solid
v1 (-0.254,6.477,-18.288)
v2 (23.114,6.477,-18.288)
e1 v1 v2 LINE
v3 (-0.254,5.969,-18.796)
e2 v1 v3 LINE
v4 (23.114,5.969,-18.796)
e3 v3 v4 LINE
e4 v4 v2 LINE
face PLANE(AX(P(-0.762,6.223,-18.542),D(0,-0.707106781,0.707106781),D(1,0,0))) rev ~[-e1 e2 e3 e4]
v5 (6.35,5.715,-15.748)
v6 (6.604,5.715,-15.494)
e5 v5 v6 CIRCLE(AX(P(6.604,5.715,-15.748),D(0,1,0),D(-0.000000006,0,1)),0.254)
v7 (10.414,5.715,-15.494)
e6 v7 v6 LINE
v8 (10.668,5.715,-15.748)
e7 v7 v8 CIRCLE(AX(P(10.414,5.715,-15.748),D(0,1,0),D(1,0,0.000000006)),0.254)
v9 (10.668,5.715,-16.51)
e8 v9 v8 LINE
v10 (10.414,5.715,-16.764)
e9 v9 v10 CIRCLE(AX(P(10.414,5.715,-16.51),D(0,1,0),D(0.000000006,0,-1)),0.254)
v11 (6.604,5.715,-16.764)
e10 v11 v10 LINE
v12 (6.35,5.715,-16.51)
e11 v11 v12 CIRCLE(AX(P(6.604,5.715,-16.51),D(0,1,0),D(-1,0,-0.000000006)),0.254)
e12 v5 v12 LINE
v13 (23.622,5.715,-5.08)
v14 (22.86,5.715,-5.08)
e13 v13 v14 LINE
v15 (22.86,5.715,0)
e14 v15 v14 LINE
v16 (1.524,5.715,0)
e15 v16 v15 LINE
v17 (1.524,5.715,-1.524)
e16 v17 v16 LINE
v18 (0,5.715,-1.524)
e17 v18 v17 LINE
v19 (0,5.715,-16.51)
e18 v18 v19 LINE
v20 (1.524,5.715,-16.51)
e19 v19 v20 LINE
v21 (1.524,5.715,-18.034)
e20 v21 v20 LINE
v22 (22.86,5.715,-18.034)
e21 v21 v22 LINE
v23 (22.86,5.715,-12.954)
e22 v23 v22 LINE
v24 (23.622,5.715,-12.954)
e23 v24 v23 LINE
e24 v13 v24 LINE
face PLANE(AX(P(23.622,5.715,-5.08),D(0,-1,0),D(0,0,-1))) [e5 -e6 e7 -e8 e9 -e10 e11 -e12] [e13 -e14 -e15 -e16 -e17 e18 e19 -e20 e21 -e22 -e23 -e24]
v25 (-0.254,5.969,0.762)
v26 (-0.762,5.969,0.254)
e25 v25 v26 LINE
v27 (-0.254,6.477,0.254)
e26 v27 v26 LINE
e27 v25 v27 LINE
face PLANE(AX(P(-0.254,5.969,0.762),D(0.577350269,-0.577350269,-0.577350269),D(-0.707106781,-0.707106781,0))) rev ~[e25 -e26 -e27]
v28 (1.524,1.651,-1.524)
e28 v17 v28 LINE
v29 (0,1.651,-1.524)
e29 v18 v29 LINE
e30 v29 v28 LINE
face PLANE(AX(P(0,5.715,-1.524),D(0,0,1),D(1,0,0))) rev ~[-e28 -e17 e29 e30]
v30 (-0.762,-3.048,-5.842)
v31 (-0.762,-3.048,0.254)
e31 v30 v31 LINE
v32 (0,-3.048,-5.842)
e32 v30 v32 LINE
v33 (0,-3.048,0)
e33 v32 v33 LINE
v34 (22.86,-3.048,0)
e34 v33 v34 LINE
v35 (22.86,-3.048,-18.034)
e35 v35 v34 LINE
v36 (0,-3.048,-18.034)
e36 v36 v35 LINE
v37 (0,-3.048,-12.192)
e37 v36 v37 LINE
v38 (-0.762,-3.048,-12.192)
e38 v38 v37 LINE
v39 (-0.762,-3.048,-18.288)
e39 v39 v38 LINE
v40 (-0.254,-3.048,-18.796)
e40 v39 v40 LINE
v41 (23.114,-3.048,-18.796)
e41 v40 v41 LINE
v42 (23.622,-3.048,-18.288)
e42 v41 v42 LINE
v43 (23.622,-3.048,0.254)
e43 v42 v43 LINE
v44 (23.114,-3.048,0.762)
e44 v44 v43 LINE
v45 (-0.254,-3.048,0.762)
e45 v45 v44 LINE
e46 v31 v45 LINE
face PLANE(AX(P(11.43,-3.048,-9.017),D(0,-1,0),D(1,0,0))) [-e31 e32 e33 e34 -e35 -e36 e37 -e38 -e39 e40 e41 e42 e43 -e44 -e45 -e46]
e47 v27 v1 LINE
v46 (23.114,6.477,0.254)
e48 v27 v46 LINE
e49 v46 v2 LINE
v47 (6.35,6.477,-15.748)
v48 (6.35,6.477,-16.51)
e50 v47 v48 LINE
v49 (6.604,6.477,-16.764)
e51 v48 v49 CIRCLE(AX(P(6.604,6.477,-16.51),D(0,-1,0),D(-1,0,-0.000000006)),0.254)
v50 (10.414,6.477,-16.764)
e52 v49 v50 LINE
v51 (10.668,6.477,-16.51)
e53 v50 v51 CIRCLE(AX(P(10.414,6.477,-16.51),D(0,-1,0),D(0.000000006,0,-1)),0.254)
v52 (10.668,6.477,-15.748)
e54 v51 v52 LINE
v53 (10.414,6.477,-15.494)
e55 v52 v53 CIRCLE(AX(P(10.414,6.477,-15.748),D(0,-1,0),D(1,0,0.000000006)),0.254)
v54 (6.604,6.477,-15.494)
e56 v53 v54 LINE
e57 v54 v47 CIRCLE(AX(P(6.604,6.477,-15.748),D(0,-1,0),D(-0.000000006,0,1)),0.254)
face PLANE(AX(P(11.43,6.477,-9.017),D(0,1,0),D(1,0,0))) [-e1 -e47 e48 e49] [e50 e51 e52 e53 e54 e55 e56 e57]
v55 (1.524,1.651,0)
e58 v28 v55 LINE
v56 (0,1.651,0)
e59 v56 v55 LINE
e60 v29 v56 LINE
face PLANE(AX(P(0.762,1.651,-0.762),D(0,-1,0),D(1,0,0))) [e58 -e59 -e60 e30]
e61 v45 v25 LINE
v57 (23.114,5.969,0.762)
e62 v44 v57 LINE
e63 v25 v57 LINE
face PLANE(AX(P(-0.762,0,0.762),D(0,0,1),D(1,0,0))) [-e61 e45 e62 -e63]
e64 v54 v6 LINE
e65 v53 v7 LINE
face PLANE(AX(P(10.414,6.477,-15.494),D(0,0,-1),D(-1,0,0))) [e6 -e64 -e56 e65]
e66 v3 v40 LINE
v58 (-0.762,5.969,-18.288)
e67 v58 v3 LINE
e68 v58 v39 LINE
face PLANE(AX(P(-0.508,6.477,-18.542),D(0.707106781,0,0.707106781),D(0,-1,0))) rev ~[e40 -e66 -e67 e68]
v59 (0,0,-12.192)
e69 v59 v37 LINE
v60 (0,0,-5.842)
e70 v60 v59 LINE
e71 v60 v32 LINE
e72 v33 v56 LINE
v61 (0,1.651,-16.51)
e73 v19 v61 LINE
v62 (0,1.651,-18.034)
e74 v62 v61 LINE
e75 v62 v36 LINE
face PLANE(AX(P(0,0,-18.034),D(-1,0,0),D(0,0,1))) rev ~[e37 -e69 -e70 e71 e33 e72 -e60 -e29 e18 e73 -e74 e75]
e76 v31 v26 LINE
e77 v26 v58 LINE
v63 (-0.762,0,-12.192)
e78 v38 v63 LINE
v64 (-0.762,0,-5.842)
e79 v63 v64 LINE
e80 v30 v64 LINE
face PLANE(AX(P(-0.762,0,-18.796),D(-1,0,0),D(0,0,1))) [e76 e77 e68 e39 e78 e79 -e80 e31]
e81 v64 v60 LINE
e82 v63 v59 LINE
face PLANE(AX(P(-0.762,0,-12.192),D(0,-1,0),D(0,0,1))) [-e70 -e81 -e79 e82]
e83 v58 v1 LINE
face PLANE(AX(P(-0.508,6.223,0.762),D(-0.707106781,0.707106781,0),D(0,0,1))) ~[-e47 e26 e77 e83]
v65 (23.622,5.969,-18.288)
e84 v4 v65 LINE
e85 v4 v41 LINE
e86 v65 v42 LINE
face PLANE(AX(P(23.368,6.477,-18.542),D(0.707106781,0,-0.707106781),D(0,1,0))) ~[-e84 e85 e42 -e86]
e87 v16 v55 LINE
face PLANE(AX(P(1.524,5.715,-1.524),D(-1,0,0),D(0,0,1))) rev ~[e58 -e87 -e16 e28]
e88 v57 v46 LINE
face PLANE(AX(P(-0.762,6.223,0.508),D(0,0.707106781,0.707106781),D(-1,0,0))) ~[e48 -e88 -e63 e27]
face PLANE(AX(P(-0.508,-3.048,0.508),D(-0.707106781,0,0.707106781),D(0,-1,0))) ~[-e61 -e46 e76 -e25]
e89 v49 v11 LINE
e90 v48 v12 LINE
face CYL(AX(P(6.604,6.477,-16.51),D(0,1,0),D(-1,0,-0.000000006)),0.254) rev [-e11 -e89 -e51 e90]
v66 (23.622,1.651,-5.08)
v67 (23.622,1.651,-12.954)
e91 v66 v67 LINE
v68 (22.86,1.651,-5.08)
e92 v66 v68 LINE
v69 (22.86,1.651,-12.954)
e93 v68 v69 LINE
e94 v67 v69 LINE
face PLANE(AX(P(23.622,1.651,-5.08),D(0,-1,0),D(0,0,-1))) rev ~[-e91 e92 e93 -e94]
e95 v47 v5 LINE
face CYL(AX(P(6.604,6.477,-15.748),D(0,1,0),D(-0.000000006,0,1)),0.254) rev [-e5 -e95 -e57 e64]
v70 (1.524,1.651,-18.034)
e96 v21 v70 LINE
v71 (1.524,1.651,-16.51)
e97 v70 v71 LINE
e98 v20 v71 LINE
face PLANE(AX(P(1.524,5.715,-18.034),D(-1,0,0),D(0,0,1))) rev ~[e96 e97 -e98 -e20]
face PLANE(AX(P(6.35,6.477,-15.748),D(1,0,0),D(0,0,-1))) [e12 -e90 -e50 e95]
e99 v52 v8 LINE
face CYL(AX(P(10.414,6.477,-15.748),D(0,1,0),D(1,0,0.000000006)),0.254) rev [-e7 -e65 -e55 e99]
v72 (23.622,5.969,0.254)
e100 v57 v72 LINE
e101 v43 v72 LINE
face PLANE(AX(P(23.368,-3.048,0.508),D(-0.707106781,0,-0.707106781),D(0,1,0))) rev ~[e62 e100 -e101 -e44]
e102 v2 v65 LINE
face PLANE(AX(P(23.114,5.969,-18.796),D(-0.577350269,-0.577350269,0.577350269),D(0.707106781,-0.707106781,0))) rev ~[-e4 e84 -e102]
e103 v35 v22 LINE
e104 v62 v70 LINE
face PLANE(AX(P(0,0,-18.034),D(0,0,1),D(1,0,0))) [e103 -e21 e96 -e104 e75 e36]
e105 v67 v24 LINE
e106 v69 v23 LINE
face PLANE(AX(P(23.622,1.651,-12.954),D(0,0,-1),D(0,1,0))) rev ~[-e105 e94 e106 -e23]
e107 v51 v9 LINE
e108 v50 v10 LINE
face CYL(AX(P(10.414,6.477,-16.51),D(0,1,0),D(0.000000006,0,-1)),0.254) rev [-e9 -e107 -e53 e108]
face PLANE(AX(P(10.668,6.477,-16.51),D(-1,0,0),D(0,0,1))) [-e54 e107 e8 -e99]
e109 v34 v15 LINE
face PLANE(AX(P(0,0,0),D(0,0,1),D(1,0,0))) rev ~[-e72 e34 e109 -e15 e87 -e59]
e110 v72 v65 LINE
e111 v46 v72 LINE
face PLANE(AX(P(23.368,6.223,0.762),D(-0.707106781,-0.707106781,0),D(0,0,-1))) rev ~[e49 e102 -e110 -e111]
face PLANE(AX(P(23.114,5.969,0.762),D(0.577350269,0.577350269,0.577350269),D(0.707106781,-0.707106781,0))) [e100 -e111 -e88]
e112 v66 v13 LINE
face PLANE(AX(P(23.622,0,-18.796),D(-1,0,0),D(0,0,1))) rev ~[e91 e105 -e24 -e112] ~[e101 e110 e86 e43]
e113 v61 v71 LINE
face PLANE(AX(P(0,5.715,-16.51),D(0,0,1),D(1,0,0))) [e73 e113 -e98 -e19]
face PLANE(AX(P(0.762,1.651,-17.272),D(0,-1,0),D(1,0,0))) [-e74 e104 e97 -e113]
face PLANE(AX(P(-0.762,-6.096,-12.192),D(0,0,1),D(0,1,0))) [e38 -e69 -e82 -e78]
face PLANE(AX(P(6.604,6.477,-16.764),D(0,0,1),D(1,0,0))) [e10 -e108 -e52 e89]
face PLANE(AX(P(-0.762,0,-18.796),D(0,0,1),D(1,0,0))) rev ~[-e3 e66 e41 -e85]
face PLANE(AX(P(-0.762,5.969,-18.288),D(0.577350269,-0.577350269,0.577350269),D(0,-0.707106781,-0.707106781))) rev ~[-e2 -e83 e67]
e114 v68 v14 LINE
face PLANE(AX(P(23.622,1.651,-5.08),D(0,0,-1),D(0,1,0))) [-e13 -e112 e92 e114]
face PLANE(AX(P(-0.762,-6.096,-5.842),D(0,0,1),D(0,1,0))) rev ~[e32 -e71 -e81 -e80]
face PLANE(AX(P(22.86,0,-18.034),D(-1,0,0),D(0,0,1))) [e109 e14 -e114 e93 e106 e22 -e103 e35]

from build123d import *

# Parameters (mm, degrees)
SKETCH2_W           = 24.384
SKETCH2_H           = 19.558
BOSS_EXTRUDE1_DEPTH = 6.477
SKETCH1_W           = 22.86
SKETCH1_H           = 18.034
CUT_EXTRUDE1_DEPTH  = 5.715
SKETCH3_W           = 24.384
SKETCH3_H           = 19.558
SKETCH3_W_2         = 22.86
SKETCH3_H_2         = 18.034
BOSS_EXTRUDE2_DEPTH = 3.048
CUT_EXTRUDE2_REACH  = 33.461
SKETCH4_W           = 6.35
SKETCH4_H           = 6.096
CUT_EXTRUDE3_REACH  = 33.461
SKETCH5_W           = 7.874
SKETCH5_H           = 4.064
CHAMFER1_SIZE       = 0.508
CUT_EXTRUDE4_REACH  = 33.655
SKETCH7_W           = 1.524
SKETCH7_H           = 1.524
BOSS_EXTRUDE3_DEPTH = 4.064


with BuildPart() as part:
    # Sketch2 → Boss-Extrude1 (new body)
    with BuildSketch(Plane(origin=(0, 0, 0), x_dir=(1, 0, 0), z_dir=(0, 1, 0))):
        with Locations((11.43, 9.017)):
            Rectangle(SKETCH2_W, SKETCH2_H)
    extrude(amount=BOSS_EXTRUDE1_DEPTH)

    # Sketch1 → Cut-Extrude1 (cut)
    with BuildSketch(Plane(origin=(0, 0, 0), x_dir=(1, 0, 0), z_dir=(0, 1, 0))):
        with Locations((11.43, 9.017)):
            Rectangle(SKETCH1_W, SKETCH1_H)
    extrude(amount=CUT_EXTRUDE1_DEPTH, mode=Mode.SUBTRACT)

    # Sketch3 → Boss-Extrude2 (add)
    with BuildSketch(Plane.XZ):
        with Locations((11.43, -9.017)):
            Rectangle(SKETCH3_W, SKETCH3_H)
        with Locations((11.43, -9.017)):
            Rectangle(SKETCH3_W_2, SKETCH3_H_2, mode=Mode.SUBTRACT)
    extrude(amount=BOSS_EXTRUDE2_DEPTH)

    # Sketch4 → Cut-Extrude2 (cut, up to next)
    with BuildSketch(Plane.ZY.offset(0.762), mode=Mode.PRIVATE) as cut_extrude2_sk1:
        with Locations((-9.017, -3.048)):
            Rectangle(SKETCH4_W, SKETCH4_H)
    cut_extrude2_tool1 = extrude(cut_extrude2_sk1.sketch, amount=-CUT_EXTRUDE2_REACH, mode=Mode.PRIVATE) & part.part
    add(cut_extrude2_tool1.solids().sort_by_distance((-0.762, -3.048, -9.017))[0], mode=Mode.SUBTRACT)

    # Sketch5 → Cut-Extrude3 (cut, up to next)
    with BuildSketch(Plane(origin=(23.622, 0, 0), x_dir=(0, 0, -1), z_dir=(1, 0, 0)), mode=Mode.PRIVATE) as cut_extrude3_sk1:
        with Locations((9.017, 3.683)):
            Rectangle(SKETCH5_W, SKETCH5_H)
    cut_extrude3_tool1 = extrude(cut_extrude3_sk1.sketch, amount=-CUT_EXTRUDE3_REACH, mode=Mode.PRIVATE) & part.part
    add(cut_extrude3_tool1.solids().sort_by_distance((23.622, 3.683, -9.017))[0], mode=Mode.SUBTRACT)

    # Chamfer1
    chamfer1_edges = [part.edges().sort_by_distance(p)[0] for p in [
        (23.622, 6.477, -9.017),
        (11.43, 6.477, -18.796),
        (-0.762, 6.477, -9.017),
        (11.43, 6.477, 0.762),
        (-0.762, 1.7145, -18.796),
        (23.622, 1.7145, -18.796),
        (23.622, 1.7145, 0.762),
        (-0.762, 1.7145, 0.762),
    ]]
    chamfer(chamfer1_edges, length=CHAMFER1_SIZE)

    # Sketch6 → Cut-Extrude4 (cut, up to next)
    with BuildSketch(Plane(origin=(0, 6.477, 0), x_dir=(1, 0, 0), z_dir=(0, 1, 0)), mode=Mode.PRIVATE) as cut_extrude4_sk1:
        with BuildLine():
            Line((6.604, 16.764), (10.414, 16.764))
            ThreePointArc((10.414, 16.764), (10.593605122, 16.689605122), (10.668, 16.51))
            Line((10.668, 16.51), (10.668, 15.748))
            ThreePointArc((10.668, 15.748), (10.593605122, 15.568394878), (10.414, 15.494))
            Line((10.414, 15.494), (6.604, 15.494))
            ThreePointArc((6.604, 15.494), (6.424394878, 15.568394878), (6.35, 15.748))
            Line((6.35, 15.748), (6.35, 16.51))
            ThreePointArc((6.35, 16.51), (6.424394878, 16.689605122), (6.604, 16.764))
        make_face()
    cut_extrude4_tool1 = extrude(cut_extrude4_sk1.sketch, amount=-CUT_EXTRUDE4_REACH, mode=Mode.PRIVATE) & part.part
    add(cut_extrude4_tool1.solids().sort_by_distance((8.509, 6.477, -16.129))[0], mode=Mode.SUBTRACT)

    # Sketch7 → Boss-Extrude3 (add)
    with BuildSketch(Plane.XZ.offset(-5.715)):
        with Locations((0.762, -17.272)):
            Rectangle(SKETCH7_W, SKETCH7_H)
        with Locations((0.762, -0.762)):
            Rectangle(SKETCH7_W, SKETCH7_H)
    extrude(amount=BOSS_EXTRUDE3_DEPTH)


solid = part.part
